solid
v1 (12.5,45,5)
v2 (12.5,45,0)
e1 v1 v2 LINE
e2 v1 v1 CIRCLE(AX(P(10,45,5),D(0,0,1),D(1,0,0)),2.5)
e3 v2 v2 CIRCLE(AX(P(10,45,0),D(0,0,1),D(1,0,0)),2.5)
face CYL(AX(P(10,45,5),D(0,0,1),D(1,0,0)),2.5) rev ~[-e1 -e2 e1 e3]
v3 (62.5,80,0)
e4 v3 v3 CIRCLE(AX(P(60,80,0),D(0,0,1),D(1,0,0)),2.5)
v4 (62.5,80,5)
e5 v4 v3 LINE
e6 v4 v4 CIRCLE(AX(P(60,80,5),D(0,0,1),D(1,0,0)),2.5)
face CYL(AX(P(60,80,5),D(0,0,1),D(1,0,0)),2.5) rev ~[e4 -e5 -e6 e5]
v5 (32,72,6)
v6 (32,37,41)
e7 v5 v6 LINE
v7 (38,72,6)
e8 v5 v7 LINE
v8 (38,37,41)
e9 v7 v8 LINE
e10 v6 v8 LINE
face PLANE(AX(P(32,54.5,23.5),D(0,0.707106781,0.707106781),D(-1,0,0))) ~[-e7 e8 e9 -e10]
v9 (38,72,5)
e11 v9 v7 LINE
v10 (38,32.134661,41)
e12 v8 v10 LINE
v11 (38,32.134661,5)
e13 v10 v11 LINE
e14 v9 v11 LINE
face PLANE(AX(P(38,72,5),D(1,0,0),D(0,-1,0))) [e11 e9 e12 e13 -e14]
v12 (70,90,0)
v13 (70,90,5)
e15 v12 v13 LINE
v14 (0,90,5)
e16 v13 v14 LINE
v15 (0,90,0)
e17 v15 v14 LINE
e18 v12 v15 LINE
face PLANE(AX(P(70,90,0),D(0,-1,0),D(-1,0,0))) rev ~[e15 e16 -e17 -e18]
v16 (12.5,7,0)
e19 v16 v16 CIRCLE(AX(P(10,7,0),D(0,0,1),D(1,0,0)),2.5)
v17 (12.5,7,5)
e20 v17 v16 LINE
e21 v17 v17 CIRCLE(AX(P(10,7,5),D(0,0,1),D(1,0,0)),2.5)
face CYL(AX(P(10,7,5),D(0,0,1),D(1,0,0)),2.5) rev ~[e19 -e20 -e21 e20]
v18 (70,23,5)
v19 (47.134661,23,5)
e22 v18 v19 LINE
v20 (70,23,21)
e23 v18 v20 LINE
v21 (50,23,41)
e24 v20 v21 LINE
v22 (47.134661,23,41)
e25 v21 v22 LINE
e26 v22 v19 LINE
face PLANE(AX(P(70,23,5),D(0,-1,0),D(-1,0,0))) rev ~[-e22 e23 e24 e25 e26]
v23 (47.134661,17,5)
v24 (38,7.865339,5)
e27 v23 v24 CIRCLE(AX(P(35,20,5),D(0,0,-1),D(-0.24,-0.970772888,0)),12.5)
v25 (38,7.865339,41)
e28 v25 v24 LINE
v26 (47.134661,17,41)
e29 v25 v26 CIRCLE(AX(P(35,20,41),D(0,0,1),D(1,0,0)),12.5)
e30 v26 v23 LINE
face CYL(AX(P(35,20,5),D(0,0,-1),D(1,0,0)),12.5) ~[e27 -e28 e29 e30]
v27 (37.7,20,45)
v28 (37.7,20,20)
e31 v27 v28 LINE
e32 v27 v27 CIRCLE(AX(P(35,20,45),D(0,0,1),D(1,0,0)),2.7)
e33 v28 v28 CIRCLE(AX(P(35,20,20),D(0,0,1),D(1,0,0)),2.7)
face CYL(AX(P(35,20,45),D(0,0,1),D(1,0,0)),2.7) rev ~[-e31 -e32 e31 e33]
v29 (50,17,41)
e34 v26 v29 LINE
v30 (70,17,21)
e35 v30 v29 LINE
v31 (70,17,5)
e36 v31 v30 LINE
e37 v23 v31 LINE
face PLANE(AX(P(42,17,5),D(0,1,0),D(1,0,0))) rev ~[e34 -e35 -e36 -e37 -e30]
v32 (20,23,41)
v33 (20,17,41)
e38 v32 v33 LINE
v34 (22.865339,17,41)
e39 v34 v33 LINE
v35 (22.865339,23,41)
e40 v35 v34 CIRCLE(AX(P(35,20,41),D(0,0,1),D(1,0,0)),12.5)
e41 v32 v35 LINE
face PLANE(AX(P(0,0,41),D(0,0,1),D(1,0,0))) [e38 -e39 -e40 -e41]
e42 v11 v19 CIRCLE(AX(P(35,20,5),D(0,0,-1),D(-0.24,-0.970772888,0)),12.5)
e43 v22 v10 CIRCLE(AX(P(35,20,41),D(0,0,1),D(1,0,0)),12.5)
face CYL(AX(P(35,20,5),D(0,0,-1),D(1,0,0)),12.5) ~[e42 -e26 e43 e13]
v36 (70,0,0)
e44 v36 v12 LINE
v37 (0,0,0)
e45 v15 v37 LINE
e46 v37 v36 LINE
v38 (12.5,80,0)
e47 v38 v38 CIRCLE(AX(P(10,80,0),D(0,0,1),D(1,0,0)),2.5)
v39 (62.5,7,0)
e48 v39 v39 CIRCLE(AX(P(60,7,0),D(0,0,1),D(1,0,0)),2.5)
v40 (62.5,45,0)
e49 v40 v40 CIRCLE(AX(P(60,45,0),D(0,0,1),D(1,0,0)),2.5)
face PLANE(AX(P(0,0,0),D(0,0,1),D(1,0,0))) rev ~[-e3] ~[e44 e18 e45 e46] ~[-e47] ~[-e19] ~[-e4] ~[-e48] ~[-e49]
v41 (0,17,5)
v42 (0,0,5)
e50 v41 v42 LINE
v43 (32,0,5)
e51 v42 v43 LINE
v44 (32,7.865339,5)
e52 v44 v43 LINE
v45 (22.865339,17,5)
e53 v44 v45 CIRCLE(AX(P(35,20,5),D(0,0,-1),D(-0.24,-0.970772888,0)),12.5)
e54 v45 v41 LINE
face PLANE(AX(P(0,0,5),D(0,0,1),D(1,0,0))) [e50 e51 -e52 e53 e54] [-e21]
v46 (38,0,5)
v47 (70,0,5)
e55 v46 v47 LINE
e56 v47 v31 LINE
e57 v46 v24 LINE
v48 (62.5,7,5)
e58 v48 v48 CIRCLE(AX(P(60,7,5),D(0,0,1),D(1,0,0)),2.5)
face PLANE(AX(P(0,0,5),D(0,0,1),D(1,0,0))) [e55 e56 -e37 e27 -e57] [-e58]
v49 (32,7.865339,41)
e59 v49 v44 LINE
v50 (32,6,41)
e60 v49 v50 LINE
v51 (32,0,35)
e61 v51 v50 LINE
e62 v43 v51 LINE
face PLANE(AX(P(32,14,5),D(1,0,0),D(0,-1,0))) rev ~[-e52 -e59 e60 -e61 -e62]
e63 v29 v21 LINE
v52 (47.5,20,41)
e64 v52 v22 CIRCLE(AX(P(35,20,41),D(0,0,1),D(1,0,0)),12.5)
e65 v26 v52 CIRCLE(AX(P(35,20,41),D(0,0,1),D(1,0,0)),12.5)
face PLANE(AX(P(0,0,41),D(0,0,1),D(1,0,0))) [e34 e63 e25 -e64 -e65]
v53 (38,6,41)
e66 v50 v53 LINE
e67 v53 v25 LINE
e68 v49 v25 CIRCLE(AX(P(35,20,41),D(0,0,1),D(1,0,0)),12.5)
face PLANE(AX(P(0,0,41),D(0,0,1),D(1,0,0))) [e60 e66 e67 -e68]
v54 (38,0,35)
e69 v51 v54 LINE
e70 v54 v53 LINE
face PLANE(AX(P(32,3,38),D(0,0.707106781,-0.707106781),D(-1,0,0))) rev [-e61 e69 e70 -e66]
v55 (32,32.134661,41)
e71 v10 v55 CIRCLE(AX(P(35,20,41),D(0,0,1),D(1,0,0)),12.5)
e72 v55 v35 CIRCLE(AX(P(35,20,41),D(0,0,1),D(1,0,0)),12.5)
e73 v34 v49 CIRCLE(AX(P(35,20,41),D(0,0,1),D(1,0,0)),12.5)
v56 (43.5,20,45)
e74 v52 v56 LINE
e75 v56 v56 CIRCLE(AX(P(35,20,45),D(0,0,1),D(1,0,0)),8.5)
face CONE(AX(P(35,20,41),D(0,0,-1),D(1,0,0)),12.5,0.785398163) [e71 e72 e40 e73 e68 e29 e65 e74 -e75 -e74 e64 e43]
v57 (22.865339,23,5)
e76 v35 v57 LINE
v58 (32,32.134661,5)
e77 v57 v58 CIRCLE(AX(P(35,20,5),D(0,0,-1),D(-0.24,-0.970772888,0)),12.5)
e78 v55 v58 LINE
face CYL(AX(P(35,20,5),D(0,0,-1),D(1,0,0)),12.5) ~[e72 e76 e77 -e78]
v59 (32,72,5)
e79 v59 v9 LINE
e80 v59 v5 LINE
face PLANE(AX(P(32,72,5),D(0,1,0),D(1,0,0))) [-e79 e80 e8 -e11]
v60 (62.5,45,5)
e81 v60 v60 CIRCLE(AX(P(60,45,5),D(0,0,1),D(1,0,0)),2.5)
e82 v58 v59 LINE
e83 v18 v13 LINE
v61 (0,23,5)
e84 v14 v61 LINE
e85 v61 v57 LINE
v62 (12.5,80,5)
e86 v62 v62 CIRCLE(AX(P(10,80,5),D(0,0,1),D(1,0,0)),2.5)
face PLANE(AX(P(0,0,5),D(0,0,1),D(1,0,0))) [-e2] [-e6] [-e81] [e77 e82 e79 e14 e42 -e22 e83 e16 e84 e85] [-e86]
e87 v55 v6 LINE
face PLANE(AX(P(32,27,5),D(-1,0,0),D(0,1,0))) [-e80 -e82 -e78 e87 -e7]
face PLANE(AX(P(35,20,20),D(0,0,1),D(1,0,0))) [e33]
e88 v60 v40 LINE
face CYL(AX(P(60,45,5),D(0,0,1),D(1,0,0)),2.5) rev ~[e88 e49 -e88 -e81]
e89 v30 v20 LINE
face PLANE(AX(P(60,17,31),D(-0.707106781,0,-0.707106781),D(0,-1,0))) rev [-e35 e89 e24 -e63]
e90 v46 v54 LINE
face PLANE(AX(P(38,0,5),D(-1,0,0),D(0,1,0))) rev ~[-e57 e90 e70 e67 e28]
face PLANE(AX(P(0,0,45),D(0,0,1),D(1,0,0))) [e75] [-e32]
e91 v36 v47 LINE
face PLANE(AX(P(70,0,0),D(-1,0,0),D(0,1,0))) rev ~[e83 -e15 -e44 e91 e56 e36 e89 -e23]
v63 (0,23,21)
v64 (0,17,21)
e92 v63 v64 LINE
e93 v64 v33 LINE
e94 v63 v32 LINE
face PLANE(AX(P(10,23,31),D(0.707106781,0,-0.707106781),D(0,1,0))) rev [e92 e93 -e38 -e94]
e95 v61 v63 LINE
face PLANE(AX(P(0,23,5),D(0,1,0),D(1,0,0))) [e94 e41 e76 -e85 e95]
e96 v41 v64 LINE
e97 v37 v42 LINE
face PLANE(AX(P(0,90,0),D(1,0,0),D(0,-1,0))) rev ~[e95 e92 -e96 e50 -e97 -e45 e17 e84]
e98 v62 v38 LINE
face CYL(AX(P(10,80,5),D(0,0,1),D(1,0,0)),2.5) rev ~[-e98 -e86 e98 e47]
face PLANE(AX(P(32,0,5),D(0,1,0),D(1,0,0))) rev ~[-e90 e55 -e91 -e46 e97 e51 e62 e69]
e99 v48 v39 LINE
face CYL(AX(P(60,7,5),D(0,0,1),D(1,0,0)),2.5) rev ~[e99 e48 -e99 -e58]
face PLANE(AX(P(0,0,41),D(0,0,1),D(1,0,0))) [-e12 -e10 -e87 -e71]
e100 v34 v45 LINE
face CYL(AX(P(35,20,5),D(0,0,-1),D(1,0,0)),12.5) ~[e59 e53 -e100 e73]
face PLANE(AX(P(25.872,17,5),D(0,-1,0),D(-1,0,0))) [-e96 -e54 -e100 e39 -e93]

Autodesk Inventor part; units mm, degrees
ref_plane "YZ Plane" through (0, 0, 0) normal (1, 0, 0) x (0, 1, 0)
ref_plane "XZ Plane" through (0, 0, 0) normal (0, 1, 0) x (-1, 0, 0)
ref_plane "XY Plane" through (0, 0, 0) normal (0, 0, 1) x (1, 0, 0)
sketch "Sketch1" plane through (0, 0, 0) normal (0, 0, 1) x (1, 0, 0)
  line L0 (0, 0) -> (70, 0)
  line L1 (70, 0) -> (70, 90)
  line L2 (70, 90) -> (0, 90)
  line L3 (0, 90) -> (0, 0)
  dimension "d0" = 70
  dimension "d1" = 90
extrude "Extrusion1" add sketch "Sketch1" along normal blind 5
sketch "Sketch2" plane through (0, 0, 5) normal (0, 0, 1) x (1, 0, 0)
  circle A0 centre (35, 20) radius 12.5
  point P0 (0, 0)
  dimension "d4" = 25
extrude "Extrusion2" add sketch "Sketch2" along normal blind 40
sketch "Sketch3" plane through (35, 20, 45) normal (0, 0, 1) x (1, 0, 0)
  circle A0 centre (0, 0) radius 2.7
  point P0 (-35, -20)
  dimension "d7" = 5.4
extrude "Extrusion3" cut sketch "Sketch3" against normal blind 25
chamfer "Chamfer1" distance 4 angle 45 1 edges at (22.5, 20, 45) measured on face at (44.0861, 18.7875, 45)
sketch "Sketch4" plane through (0, 0, 5) normal (0, 0, 1) x (1, 0, 0)
  line L0 (0, 0) -> (70, 0) projected
  line L1 (32, 0) -> (38, 0)
  line L2 (38, 0) -> (38, 14)
  line L3 (38, 14) -> (32, 14)
  line L4 (32, 14) -> (32, 0)
  dimension "d13" = 6
  dimension "d14" = 14
extrude "Extrusion4" add sketch "Sketch4" along normal blind 36
chamfer "Chamfer2" distance 6 angle 45 1 edges at (35, 0, 41) measured on face at (35.3363, 2.5136, 41)
sketch "Sketch5" plane through (0, 0, 5) normal (0, 0, 1) x (1, 0, 0)
  line L0 (32, 72) -> (38, 72)
  line L1 (38, 72) -> (38, 27)
  line L2 (38, 27) -> (32, 27)
  line L3 (32, 27) -> (32, 72)
  line L4 (70, 0) -> (70, 90) projected
  line L5 (70, 23) -> (42, 23)
  line L6 (42, 23) -> (42, 17)
  line L7 (42, 17) -> (70, 17)
  line L8 (70, 17) -> (70, 23)
  line L9 (0, 90) -> (0, 0) projected
  line L10 (0, 23) -> (25.872, 23)
  line L11 (25.872, 23) -> (25.872, 17)
  line L12 (25.872, 17) -> (0, 17)
  line L13 (0, 17) -> (0, 23)
  dimension "d20" = 6
  dimension "d21" = 45
  dimension "d22" = 28
  dimension "d23" = 6
extrude "Extrusion5" add sketch "Sketch5" along normal blind 36
chamfer "Chamfer3" distance 20 angle 45 1 edges at (70, 20, 41) measured on face at (62.5, 20, 41)
chamfer "Chamfer4" distance 20 angle 45 1 edges at (0, 20, 41) measured on face at (7.5136, 20.3363, 41)
chamfer "Chamfer5" distance 35 angle 45 1 edges at (35, 72, 41) measured on face at (34, 72, 17)
sketch "Sketch6" plane through (0, 0, 5) normal (0, 0, 1) x (1, 0, 0)
  circle A0 centre (10, 7) radius 2.5
  circle A1 centre (60, 7) radius 2.5
  circle A2 centre (10, 80) radius 2.5
  circle A3 centre (60, 80) radius 2.5
  circle A4 centre (10, 45) radius 2.5
  circle A5 centre (60, 45) radius 2.5
  point P0 (0, 0)
  dimension "d35" = 5
  dimension "d36" = 5
  dimension "d37" = 5
  dimension "d38" = 5
  dimension "d39" = 5
  dimension "d40" = 5
extrude "Extrusion6" cut sketch "Sketch6" against normal blind 16
properties part number "wing_sail_base_1"
